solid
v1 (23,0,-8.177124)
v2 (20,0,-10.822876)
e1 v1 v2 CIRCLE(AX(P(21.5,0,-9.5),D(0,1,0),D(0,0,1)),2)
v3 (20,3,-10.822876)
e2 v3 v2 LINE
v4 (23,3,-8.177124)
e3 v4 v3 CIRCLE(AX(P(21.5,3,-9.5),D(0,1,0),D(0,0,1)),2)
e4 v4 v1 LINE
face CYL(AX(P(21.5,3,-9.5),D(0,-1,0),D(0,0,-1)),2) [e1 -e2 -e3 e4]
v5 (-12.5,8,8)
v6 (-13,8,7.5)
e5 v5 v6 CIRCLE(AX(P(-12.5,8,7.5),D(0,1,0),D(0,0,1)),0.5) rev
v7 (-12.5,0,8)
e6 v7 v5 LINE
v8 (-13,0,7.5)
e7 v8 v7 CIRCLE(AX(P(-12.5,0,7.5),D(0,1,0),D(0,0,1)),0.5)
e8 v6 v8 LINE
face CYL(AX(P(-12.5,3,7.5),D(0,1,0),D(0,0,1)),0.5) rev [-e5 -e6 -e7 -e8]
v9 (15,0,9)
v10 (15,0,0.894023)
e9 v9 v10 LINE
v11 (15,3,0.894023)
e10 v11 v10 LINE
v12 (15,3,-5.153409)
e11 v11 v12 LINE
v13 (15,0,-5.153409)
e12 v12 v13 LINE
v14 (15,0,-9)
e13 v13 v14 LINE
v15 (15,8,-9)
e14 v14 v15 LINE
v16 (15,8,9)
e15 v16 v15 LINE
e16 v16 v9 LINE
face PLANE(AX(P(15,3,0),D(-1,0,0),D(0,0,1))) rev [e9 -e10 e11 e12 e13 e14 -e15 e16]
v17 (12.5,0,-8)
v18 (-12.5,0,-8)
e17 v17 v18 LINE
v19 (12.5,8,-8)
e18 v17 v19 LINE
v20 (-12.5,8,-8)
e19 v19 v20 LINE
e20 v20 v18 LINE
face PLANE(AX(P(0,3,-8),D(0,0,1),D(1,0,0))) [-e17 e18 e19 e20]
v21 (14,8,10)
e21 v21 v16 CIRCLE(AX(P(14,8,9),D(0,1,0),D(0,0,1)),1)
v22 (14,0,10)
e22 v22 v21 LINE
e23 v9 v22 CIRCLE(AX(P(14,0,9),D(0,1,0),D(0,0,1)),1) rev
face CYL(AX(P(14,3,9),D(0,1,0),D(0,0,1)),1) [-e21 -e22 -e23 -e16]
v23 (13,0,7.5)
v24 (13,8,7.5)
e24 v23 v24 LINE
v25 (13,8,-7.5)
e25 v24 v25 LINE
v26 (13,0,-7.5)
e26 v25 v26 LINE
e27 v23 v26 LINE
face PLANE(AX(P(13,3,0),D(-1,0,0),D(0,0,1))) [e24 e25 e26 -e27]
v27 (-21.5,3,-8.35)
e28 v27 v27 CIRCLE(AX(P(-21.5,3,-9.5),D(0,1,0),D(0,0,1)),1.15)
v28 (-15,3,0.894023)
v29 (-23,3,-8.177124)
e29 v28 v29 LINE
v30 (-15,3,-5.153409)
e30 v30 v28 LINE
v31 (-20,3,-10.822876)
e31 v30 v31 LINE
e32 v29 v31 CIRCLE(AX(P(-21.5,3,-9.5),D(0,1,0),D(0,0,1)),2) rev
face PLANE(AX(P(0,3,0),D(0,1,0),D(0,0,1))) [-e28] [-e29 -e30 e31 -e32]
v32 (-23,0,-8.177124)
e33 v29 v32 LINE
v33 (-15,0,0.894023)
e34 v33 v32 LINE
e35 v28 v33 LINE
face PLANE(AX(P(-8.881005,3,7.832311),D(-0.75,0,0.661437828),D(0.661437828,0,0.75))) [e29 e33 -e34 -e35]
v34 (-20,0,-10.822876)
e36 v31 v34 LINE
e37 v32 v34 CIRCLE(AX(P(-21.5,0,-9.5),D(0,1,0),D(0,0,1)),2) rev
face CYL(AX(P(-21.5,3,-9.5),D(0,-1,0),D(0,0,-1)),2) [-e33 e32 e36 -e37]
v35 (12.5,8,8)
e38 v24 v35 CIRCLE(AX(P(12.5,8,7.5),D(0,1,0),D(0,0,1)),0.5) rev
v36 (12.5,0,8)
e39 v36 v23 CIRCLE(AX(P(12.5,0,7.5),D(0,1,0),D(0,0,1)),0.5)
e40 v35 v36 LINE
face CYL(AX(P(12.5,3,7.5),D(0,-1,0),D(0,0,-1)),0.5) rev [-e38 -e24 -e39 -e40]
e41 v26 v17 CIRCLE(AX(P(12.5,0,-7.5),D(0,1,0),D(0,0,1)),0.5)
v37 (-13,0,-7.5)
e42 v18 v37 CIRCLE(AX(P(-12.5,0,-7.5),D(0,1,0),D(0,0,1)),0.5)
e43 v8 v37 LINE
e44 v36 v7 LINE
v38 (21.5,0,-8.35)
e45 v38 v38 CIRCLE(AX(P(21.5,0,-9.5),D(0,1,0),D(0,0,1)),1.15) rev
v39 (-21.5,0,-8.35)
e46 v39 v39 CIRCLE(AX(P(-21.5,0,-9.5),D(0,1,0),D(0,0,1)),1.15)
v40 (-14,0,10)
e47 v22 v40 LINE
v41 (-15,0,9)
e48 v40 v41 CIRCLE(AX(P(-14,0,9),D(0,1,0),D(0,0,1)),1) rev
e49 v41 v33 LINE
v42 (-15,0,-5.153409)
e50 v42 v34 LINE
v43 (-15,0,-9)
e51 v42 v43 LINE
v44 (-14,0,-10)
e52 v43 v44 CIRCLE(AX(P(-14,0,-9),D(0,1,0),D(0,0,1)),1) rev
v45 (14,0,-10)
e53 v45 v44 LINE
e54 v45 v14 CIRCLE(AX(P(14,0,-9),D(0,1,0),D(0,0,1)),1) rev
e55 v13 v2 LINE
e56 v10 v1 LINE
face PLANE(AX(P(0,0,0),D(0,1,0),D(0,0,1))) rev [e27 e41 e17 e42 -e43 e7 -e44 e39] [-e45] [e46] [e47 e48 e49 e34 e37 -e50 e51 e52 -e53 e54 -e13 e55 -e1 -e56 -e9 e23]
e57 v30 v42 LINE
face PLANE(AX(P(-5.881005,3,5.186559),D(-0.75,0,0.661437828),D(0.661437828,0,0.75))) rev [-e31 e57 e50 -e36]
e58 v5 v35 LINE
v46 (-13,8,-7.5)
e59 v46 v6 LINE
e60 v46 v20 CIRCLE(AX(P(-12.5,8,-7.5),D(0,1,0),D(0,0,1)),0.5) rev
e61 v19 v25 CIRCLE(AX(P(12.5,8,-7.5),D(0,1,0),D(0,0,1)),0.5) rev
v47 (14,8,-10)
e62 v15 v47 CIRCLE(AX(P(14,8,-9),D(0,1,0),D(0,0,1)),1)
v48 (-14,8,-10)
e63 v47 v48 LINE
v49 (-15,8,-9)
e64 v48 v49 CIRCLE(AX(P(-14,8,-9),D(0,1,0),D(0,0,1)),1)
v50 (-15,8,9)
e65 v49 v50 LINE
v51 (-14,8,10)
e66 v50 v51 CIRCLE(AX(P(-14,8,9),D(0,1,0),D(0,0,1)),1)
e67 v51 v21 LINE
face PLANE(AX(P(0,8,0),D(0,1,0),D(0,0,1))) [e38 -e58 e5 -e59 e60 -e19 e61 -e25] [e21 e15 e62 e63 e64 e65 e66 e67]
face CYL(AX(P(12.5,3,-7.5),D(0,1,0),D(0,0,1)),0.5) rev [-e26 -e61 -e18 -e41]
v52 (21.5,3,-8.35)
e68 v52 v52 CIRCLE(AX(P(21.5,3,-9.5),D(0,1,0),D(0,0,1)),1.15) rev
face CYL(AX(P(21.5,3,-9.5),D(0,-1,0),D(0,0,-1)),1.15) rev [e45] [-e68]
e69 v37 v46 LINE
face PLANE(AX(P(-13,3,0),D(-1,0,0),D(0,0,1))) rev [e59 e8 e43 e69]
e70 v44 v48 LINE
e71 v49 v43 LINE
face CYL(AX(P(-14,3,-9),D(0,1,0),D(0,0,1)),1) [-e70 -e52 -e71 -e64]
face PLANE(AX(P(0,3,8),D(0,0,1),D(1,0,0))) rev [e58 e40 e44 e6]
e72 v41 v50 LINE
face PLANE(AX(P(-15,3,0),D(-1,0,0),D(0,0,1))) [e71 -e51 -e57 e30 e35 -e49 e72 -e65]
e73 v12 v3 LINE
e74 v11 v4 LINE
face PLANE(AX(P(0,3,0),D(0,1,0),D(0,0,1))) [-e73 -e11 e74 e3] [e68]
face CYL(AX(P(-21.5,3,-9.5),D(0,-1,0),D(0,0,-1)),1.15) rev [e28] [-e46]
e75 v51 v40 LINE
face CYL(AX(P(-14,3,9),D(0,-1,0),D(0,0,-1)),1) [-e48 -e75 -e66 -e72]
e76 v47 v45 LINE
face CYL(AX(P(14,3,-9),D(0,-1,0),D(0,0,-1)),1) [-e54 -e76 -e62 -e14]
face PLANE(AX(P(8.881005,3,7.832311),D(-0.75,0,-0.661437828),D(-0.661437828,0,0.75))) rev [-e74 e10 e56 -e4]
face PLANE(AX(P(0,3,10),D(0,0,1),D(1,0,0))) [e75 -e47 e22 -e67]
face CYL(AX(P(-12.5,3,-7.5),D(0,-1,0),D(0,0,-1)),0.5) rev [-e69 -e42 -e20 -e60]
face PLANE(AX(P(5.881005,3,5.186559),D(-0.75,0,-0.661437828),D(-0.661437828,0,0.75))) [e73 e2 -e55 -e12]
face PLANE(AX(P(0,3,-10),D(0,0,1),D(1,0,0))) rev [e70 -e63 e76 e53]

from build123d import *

# Parameters (mm, degrees)
SKETCH1_W           = 30
SKETCH1_H           = 20
SKETCH1_W_2         = 26
SKETCH1_H_2         = 16
SKETCH1_R           = 1.15
BOSS_EXTRUDE1_DEPTH = 3
SKETCH2_W           = 30
SKETCH2_H           = 20
SKETCH2_W_2         = 26
SKETCH2_H_2         = 16
BOSS_EXTRUDE2_DEPTH = 5
FILLET1_R           = 1
FILLET2_R           = 0.5


with BuildPart() as part:
    # Sketch1 → Boss-Extrude1 (new body)
    # profile 1 of 3: a face of its own
    with BuildSketch(Plane(origin=(0, 0, 0), x_dir=(1, 0, 0), z_dir=(0, 1, 0))):
        Rectangle(SKETCH1_W, SKETCH1_H)
        Rectangle(SKETCH1_W_2, SKETCH1_H_2, mode=Mode.SUBTRACT)
    # profile 2 of 3: a face of its own
    with BuildSketch(Plane(origin=(0, 0, 0), x_dir=(1, 0, 0), z_dir=(0, 1, 0))):
        with BuildLine():
            Line((-15, -0.894023008), (-15, 5.15340856))
            Line((-15, 5.15340856), (-20, 10.822875656))
            ThreePointArc((-20, 10.822875656), (-22.822875656, 11), (-23, 8.177124344))
            Line((-23, 8.177124344), (-15, -0.894023008))
        make_face()
        with Locations(Location((-21.5, 9.5, 0), (0, 0, 270))):
            Circle(SKETCH1_R, mode=Mode.SUBTRACT)
    # profile 3 of 3: a face of its own
    with BuildSketch(Plane(origin=(0, 0, 0), x_dir=(1, 0, 0), z_dir=(0, 1, 0))):
        with BuildLine():
            Line((20, 10.822875656), (15, 5.15340856))
            Line((15, 5.15340856), (15, -0.894023008))
            Line((15, -0.894023008), (23, 8.177124344))
            ThreePointArc((23, 8.177124344), (22.822875656, 11), (20, 10.822875656))
        make_face()
        with Locations(Location((21.5, 9.5, 0), (0, 0, 270))):
            Circle(SKETCH1_R, mode=Mode.SUBTRACT)
    extrude(amount=BOSS_EXTRUDE1_DEPTH)

    # Sketch2 → Boss-Extrude2 (add)
    with BuildSketch(Plane(origin=(0, 3, 0), x_dir=(1, 0, 0), z_dir=(0, 1, 0))):
        Rectangle(SKETCH2_W, SKETCH2_H)
        Rectangle(SKETCH2_W_2, SKETCH2_H_2, mode=Mode.SUBTRACT)
    extrude(amount=BOSS_EXTRUDE2_DEPTH)

    # Fillet1
    fillet1_edges = [part.edges().sort_by_distance(p)[0] for p in [
        (-15, 4, 10),
        (-15, 4, -10),
        (15, 4, -10),
        (15, 4, 10),
    ]]
    fillet(fillet1_edges, radius=FILLET1_R)

    # Fillet2
    fillet2_edges = [part.edges().sort_by_distance(p)[0] for p in [
        (13, 4, 8),
        (13, 4, -8),
        (-13, 4, -8),
        (-13, 4, 8),
    ]]
    fillet(fillet2_edges, radius=FILLET2_R)


solid = part.part
